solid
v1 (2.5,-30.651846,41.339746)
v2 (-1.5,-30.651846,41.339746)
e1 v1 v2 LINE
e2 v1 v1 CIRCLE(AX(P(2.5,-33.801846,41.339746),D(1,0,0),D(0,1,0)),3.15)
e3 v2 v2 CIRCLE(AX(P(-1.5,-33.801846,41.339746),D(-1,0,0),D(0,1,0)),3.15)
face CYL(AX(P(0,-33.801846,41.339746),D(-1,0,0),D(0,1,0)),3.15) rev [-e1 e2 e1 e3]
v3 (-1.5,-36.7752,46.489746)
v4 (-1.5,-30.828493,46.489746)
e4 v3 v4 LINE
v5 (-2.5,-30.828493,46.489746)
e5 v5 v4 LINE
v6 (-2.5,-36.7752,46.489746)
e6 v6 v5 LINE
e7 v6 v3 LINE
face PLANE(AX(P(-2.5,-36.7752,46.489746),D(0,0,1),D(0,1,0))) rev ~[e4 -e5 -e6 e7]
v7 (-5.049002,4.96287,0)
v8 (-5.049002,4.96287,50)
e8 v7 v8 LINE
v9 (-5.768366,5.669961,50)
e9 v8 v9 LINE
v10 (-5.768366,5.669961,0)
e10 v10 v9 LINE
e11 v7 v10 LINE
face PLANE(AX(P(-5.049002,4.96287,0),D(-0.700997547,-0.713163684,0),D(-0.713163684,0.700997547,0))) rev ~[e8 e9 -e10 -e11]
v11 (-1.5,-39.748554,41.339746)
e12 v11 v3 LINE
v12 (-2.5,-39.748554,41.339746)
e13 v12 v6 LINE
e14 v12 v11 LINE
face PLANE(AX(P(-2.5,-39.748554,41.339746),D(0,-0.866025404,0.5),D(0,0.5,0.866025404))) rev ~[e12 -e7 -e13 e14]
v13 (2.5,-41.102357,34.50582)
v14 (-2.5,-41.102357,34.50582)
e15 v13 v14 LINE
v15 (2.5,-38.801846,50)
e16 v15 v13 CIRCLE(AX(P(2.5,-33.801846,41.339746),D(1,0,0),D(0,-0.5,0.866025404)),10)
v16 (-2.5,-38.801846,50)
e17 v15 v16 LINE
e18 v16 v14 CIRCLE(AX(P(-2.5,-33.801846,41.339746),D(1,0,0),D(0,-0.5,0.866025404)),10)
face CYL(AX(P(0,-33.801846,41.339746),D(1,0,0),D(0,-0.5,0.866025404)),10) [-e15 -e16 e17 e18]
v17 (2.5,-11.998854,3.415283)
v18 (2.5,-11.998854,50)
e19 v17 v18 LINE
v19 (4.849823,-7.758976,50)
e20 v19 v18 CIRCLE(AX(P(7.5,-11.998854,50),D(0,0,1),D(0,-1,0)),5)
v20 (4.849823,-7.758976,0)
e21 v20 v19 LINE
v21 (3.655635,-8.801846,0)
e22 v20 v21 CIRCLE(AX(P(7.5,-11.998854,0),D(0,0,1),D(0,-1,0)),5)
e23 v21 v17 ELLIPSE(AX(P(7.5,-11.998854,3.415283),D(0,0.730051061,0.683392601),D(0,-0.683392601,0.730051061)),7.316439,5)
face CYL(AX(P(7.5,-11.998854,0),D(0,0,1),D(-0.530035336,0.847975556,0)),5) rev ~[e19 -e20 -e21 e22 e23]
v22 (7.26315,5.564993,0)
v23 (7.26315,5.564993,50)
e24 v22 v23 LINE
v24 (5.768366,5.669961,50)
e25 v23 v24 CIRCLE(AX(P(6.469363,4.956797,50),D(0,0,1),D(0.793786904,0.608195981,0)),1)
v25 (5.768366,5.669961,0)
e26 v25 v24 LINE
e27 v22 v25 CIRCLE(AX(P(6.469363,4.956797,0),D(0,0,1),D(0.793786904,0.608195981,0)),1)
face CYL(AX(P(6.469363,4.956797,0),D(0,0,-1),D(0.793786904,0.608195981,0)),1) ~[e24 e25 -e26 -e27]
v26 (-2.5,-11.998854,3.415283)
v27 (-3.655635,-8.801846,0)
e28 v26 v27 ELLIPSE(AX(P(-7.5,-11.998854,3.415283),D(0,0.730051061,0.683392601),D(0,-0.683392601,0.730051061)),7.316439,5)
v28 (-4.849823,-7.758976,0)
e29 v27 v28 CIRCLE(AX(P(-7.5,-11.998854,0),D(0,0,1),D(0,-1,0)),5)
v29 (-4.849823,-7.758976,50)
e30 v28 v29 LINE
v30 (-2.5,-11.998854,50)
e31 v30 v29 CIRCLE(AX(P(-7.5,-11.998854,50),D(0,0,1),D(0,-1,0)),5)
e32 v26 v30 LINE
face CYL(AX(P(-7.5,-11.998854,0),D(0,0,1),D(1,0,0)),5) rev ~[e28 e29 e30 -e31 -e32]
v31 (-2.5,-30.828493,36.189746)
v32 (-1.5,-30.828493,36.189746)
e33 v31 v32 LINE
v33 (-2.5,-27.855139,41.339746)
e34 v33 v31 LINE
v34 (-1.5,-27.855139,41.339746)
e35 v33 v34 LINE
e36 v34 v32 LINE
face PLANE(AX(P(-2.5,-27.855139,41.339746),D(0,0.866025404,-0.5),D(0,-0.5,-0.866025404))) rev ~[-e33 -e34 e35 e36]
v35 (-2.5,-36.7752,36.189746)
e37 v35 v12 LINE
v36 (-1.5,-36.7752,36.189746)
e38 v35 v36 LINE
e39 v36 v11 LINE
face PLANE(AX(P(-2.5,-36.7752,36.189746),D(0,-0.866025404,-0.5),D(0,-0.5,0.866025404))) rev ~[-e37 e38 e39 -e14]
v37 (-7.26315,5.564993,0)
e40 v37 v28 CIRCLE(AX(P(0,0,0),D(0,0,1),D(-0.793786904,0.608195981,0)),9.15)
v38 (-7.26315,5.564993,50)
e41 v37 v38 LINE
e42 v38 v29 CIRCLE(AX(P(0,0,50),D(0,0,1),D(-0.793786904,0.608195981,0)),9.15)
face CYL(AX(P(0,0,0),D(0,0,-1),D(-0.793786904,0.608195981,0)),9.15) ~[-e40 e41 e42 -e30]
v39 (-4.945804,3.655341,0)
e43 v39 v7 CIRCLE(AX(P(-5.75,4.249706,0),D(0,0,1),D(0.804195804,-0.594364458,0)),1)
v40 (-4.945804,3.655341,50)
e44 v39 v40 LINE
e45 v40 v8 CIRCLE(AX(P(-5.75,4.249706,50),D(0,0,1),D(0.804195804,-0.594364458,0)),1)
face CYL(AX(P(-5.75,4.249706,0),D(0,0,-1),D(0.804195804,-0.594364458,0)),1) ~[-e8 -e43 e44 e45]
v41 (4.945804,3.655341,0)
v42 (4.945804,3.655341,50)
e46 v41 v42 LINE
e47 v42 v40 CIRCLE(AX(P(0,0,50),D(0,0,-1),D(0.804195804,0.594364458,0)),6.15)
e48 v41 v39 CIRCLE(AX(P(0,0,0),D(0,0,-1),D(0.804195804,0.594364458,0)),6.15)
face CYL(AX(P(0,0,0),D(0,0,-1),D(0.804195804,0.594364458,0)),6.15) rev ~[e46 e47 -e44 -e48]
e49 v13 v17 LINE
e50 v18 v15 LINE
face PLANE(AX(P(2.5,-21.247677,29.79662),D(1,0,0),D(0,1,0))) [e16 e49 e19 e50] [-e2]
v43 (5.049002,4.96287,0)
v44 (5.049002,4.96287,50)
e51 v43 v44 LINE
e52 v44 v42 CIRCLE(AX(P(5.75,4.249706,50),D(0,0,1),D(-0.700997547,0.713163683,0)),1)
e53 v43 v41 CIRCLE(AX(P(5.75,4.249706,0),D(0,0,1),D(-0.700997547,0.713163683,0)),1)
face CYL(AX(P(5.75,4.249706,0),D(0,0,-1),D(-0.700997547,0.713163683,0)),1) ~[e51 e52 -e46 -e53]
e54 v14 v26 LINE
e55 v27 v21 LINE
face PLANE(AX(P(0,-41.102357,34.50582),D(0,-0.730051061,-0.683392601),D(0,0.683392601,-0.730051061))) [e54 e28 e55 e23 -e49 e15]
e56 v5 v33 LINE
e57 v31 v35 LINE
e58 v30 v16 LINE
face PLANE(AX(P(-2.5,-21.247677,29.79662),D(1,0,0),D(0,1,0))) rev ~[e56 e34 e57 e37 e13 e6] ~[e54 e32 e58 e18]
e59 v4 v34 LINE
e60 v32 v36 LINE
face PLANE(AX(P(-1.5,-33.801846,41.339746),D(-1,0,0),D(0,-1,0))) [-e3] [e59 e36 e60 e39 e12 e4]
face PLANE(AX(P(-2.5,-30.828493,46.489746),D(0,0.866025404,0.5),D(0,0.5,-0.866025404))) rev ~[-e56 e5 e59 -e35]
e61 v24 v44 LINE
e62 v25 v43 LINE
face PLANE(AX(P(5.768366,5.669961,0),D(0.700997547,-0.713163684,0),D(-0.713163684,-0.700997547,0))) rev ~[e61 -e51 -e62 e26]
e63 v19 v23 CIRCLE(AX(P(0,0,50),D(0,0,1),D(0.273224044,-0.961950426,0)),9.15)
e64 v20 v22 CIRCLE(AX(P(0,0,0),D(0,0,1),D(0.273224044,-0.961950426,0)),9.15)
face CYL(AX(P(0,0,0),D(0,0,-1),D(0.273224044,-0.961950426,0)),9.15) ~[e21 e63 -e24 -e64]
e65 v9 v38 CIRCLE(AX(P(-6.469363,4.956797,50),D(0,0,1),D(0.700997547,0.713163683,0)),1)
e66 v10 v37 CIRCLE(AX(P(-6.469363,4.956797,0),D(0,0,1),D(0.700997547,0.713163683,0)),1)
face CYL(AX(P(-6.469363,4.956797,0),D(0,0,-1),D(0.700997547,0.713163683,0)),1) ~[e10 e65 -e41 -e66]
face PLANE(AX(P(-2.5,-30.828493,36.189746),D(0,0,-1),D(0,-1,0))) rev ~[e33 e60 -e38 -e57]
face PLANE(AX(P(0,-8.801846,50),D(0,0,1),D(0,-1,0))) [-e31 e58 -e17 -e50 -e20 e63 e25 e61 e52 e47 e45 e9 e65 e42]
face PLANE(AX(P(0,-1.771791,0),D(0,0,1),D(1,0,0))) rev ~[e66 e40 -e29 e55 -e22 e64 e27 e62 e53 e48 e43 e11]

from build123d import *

# Parameters (mm, degrees)
F1_DEPTH = 50
F2_R     = 3.15
F3_DEPTH = 2.5
F4_R     = 3.15
F5_DEPTH = 1
F6_R     = 5


with BuildPart() as f1:
    # F0 (on Top) → F1 (new body)
    with BuildSketch(Plane.XY):
        with BuildLine():
            ThreePointArc((4.9458041958, 3.6553414145), (0, -6.15), (-4.9458041958, 3.6553414145))
            ThreePointArc((-4.9458041958, 3.6553414145), (-4.7531001977, 4.3283874081), (-5.0490024533, 4.9628695557))
            Line((-5.0490024533, 4.9628695557), (-5.7683657215, 5.669960926))
            ThreePointArc((-5.7683657215, 5.669960926), (-6.5394133994, 5.9543407148), (-7.2631501723, 5.5649932232))
            ThreePointArc((-7.2631501723, 5.5649932232), (-8.6851191985, -2.8794451737), (-2.5, -8.8018463972))
            Line((-2.5, -8.8018463972), (2.5, -8.8018463972))
            ThreePointArc((2.5, -8.8018463972), (8.6851191985, -2.8794451737), (7.2631501723, 5.5649932232))
            ThreePointArc((7.2631501723, 5.5649932232), (6.5394133994, 5.9543407148), (5.7683657215, 5.669960926))
            Line((5.7683657215, 5.669960926), (5.0490024533, 4.9628695557))
            ThreePointArc((5.0490024533, 4.9628695557), (4.7531001977, 4.3283874081), (4.9458041958, 3.6553414145))
        make_face()
    extrude(amount=F1_DEPTH)

    # F2 (on Right) → F3 (join, symmetric)
    with BuildSketch(Plane.YZ):
        with BuildLine():
            Line((-41.1023570115, 34.5058199478), (-8.8018463972, 0))
            Line((-8.8018463972, 0), (-8.8018463972, 50))
            Line((-8.8018463972, 50), (-38.8018463972, 50))
            ThreePointArc((-38.8018463972, 50), (-43.6934106929, 42.8084037793), (-41.1023570115, 34.5058199478))
        make_face()
        with Locations((-33.8018463972, 41.3397459622)):
            Circle(F2_R, mode=Mode.SUBTRACT)
    extrude(amount=F3_DEPTH, both=True)

    # F4 (on face) → F5 (cut)
    with BuildSketch(Plane(origin=(-2.5, 0, 0), x_dir=(0, -1, 0), z_dir=(-1, 0, 0))):
        Polygon((36.7752002835, 46.4897459622), (30.8284925109, 46.4897459622), (27.8551386246, 41.3397459622), (30.8284925109, 36.1897459622), (36.7752002835, 36.1897459622), (39.7485541699, 41.3397459622), align=None)
        with Locations((33.8018463972, 41.3397459622)):
            Circle(F4_R, mode=Mode.SUBTRACT)
    extrude(amount=-F5_DEPTH, mode=Mode.SUBTRACT)

    # F6 (call 1 of 2: OpenCascade refuses the feature's edges together)
    f6_edges = [f1.edges().sort_by_distance(p)[0] for p in [
        (2.5, -8.801846, 25),
    ]]
    fillet(f6_edges, radius=F6_R)

    # F6#2 (call 2 of 2)
    f6_2_edges = [f1.edges().sort_by_distance(p)[0] for p in [
        (-2.5, -8.801846, 25),
    ]]
    fillet(f6_2_edges, radius=F6_R)


solid = f1.part
